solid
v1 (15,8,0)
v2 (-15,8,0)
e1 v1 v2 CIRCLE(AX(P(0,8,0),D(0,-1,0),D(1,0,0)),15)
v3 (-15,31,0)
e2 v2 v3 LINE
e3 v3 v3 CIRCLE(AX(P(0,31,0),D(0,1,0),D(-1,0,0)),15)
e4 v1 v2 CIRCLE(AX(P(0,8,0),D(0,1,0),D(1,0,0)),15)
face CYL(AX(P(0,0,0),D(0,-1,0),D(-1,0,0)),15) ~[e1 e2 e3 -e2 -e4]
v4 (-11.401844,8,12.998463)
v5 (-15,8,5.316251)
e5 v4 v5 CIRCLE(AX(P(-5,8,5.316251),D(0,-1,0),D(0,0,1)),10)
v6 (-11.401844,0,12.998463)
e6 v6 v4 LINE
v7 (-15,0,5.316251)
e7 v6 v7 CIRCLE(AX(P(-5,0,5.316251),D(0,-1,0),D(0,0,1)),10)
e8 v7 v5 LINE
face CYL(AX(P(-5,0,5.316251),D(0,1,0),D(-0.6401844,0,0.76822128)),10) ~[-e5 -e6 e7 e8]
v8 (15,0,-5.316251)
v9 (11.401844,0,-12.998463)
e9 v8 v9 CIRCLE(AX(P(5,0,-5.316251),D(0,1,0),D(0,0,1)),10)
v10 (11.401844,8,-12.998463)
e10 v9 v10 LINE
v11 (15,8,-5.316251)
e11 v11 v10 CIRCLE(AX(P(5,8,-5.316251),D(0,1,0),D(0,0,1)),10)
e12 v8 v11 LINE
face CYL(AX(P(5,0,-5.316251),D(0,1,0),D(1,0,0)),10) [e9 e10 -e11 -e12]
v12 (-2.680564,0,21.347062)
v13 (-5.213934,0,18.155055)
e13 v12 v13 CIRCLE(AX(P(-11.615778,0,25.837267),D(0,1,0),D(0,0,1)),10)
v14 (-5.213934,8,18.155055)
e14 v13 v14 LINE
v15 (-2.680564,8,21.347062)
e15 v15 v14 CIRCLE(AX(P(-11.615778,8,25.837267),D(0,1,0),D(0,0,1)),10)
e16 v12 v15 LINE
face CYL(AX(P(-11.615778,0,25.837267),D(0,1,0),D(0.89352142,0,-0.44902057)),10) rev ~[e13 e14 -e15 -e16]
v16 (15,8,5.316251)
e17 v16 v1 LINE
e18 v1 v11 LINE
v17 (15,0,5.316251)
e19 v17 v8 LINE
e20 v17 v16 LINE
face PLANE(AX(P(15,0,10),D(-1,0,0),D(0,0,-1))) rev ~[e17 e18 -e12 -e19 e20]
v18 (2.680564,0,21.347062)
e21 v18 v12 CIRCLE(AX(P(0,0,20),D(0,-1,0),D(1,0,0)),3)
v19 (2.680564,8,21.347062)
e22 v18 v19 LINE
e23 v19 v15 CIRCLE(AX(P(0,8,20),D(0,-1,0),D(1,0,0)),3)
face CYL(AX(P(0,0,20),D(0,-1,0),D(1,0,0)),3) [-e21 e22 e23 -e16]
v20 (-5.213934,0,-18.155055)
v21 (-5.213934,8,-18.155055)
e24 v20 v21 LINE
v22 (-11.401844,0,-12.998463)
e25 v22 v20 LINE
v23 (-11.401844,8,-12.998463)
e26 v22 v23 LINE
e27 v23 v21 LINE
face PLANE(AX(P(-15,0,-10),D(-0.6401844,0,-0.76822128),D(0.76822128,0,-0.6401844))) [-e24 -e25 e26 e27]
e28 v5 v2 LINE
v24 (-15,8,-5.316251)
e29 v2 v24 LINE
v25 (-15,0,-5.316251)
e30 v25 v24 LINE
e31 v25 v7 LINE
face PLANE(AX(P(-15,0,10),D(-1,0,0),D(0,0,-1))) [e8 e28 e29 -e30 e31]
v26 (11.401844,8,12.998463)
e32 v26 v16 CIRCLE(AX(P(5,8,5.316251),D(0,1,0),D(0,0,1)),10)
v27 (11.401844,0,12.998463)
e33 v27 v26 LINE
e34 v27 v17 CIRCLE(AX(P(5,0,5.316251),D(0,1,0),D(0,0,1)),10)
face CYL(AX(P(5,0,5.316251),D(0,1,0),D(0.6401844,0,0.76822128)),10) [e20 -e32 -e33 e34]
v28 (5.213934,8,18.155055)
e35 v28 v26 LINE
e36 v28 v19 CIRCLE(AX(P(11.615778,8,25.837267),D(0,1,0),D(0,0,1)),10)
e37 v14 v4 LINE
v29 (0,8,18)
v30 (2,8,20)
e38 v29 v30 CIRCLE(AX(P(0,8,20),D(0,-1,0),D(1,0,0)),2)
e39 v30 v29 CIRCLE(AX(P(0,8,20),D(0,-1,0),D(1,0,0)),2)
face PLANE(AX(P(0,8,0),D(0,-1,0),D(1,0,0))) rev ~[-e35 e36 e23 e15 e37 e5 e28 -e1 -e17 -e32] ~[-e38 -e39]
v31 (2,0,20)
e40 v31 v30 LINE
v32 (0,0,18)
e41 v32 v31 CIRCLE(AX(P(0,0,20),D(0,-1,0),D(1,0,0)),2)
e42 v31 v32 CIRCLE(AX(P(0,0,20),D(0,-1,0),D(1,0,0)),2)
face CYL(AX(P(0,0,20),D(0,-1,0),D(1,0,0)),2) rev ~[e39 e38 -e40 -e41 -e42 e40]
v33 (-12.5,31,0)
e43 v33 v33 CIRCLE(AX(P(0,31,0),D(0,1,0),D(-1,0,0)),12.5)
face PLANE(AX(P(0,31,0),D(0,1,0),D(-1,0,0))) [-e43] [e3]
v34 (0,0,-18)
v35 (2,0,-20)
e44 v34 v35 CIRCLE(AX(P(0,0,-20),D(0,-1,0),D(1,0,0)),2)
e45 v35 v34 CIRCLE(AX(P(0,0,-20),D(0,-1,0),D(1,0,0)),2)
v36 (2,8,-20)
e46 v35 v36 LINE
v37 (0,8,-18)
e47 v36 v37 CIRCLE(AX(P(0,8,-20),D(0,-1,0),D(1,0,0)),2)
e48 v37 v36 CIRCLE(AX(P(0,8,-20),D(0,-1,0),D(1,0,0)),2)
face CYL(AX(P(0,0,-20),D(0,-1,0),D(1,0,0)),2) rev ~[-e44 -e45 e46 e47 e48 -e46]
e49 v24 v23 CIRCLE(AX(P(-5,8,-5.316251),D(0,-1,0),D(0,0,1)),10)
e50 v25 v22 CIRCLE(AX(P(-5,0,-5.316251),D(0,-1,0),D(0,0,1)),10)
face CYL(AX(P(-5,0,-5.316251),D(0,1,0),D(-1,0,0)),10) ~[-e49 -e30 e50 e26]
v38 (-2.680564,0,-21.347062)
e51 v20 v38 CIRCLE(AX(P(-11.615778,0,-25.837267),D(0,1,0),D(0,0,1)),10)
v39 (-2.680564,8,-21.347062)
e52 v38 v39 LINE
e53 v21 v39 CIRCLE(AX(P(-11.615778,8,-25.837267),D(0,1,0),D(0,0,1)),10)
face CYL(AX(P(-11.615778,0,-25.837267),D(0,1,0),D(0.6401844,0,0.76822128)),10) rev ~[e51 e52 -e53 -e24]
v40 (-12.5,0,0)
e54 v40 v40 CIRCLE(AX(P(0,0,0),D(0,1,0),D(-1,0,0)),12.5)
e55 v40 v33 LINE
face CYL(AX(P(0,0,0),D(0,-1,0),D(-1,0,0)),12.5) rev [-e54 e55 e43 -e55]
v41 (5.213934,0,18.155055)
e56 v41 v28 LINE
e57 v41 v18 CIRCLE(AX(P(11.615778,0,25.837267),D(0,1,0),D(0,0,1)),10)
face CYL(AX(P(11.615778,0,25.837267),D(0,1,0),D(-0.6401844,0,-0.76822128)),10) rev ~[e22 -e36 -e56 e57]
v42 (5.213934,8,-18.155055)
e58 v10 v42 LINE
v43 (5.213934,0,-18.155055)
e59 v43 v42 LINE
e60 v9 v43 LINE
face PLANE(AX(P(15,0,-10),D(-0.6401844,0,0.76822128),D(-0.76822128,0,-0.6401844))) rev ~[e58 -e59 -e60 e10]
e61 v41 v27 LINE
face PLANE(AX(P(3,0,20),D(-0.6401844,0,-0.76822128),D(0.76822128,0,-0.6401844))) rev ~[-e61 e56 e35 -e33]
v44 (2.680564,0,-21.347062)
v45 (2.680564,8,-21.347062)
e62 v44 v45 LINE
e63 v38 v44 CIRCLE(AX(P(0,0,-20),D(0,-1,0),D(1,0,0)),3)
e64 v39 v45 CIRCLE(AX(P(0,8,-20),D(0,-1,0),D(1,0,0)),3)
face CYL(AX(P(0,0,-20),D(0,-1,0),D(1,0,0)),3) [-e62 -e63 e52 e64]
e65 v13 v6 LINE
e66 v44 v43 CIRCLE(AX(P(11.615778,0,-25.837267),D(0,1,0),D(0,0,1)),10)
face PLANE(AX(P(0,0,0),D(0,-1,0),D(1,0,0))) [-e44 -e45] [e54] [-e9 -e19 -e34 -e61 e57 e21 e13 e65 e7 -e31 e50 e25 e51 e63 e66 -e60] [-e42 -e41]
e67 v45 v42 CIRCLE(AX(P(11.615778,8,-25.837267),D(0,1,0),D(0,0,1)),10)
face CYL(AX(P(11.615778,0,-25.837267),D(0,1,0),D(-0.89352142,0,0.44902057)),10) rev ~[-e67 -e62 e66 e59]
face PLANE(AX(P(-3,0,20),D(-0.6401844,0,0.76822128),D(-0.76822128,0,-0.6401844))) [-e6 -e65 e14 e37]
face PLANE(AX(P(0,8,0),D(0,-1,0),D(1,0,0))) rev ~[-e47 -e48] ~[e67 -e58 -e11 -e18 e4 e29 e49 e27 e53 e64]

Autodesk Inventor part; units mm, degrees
ref_plane "YZ Plane" through (0, 0, 0) normal (1, 0, 0) x (0, 1, 0)
ref_plane "XZ Plane" through (0, 0, 0) normal (0, 1, 0) x (-1, 0, 0)
ref_plane "XY Plane" through (0, 0, 0) normal (0, 0, 1) x (1, 0, 0)
sketch "Эскиз1" plane through (0, 0, 0) normal (0, 1, 0) x (-1, 0, 0)
  circle A0 centre (0, 0) radius 12.5
  circle A1 centre (0, 0) radius 15
  dimension "d0" = 25
  dimension "d1" = 30
extrude "Выдавливание1" add sketch "Эскиз1" along normal blind 31
sketch "Эскиз2" plane through (0, 0, 0) normal (0, -1, 0) x (1, 0, 0)
  line L0 (0, 20) -> (0, -20)
  circle A0 centre (0, 20) radius 2
  circle A1 centre (0, -20) radius 2
  circle A2 centre (0, 20) radius 3
  circle A3 centre (0, -20) radius 3
  line L1 (15, 10) -> (15, -10)
  circle A4 centre (0, 0) radius 15 projected
  line L2 (-15, 10) -> (-15, -10)
  line L3 (3, 20) -> (15, 10)
  line L4 (15, -10) -> (3, -20)
  line L5 (-15, -10) -> (-3, -20)
  line L6 (-3, 20) -> (-15, 10)
  point P0 (15, 0)
  point P1 (-15, 0)
  dimension "d4" = 40
  dimension "d5" = 4
  dimension "d6" = 4
  dimension "d7" = 6
  dimension "d8" = 6
  dimension "d9" = 20
  dimension "d10" = 20
  dimension "d11" = 10
  dimension "d12" = 10
extrude "Выдавливание2" add sketch "Эскиз2" against normal blind 8 contours A2 | A2 L3 L1 A4 L0 | L0 A4 L2 L6 A2 | A4 L1 L4 A3 L0 | L0 A3 L5 L2 A4 | A3
fillet "Сопряжение1" radius 10 4 edges at (-15, 4, 10) (-15, 4, -10) (15, 4, 10) (15, 4, -10)
fillet "Сопряжение2" radius 10 4 edges at (3, 4, 20) (-3, 4, 20) (3, 4, -20) (-3, 4, -20)
properties part number "conder"
